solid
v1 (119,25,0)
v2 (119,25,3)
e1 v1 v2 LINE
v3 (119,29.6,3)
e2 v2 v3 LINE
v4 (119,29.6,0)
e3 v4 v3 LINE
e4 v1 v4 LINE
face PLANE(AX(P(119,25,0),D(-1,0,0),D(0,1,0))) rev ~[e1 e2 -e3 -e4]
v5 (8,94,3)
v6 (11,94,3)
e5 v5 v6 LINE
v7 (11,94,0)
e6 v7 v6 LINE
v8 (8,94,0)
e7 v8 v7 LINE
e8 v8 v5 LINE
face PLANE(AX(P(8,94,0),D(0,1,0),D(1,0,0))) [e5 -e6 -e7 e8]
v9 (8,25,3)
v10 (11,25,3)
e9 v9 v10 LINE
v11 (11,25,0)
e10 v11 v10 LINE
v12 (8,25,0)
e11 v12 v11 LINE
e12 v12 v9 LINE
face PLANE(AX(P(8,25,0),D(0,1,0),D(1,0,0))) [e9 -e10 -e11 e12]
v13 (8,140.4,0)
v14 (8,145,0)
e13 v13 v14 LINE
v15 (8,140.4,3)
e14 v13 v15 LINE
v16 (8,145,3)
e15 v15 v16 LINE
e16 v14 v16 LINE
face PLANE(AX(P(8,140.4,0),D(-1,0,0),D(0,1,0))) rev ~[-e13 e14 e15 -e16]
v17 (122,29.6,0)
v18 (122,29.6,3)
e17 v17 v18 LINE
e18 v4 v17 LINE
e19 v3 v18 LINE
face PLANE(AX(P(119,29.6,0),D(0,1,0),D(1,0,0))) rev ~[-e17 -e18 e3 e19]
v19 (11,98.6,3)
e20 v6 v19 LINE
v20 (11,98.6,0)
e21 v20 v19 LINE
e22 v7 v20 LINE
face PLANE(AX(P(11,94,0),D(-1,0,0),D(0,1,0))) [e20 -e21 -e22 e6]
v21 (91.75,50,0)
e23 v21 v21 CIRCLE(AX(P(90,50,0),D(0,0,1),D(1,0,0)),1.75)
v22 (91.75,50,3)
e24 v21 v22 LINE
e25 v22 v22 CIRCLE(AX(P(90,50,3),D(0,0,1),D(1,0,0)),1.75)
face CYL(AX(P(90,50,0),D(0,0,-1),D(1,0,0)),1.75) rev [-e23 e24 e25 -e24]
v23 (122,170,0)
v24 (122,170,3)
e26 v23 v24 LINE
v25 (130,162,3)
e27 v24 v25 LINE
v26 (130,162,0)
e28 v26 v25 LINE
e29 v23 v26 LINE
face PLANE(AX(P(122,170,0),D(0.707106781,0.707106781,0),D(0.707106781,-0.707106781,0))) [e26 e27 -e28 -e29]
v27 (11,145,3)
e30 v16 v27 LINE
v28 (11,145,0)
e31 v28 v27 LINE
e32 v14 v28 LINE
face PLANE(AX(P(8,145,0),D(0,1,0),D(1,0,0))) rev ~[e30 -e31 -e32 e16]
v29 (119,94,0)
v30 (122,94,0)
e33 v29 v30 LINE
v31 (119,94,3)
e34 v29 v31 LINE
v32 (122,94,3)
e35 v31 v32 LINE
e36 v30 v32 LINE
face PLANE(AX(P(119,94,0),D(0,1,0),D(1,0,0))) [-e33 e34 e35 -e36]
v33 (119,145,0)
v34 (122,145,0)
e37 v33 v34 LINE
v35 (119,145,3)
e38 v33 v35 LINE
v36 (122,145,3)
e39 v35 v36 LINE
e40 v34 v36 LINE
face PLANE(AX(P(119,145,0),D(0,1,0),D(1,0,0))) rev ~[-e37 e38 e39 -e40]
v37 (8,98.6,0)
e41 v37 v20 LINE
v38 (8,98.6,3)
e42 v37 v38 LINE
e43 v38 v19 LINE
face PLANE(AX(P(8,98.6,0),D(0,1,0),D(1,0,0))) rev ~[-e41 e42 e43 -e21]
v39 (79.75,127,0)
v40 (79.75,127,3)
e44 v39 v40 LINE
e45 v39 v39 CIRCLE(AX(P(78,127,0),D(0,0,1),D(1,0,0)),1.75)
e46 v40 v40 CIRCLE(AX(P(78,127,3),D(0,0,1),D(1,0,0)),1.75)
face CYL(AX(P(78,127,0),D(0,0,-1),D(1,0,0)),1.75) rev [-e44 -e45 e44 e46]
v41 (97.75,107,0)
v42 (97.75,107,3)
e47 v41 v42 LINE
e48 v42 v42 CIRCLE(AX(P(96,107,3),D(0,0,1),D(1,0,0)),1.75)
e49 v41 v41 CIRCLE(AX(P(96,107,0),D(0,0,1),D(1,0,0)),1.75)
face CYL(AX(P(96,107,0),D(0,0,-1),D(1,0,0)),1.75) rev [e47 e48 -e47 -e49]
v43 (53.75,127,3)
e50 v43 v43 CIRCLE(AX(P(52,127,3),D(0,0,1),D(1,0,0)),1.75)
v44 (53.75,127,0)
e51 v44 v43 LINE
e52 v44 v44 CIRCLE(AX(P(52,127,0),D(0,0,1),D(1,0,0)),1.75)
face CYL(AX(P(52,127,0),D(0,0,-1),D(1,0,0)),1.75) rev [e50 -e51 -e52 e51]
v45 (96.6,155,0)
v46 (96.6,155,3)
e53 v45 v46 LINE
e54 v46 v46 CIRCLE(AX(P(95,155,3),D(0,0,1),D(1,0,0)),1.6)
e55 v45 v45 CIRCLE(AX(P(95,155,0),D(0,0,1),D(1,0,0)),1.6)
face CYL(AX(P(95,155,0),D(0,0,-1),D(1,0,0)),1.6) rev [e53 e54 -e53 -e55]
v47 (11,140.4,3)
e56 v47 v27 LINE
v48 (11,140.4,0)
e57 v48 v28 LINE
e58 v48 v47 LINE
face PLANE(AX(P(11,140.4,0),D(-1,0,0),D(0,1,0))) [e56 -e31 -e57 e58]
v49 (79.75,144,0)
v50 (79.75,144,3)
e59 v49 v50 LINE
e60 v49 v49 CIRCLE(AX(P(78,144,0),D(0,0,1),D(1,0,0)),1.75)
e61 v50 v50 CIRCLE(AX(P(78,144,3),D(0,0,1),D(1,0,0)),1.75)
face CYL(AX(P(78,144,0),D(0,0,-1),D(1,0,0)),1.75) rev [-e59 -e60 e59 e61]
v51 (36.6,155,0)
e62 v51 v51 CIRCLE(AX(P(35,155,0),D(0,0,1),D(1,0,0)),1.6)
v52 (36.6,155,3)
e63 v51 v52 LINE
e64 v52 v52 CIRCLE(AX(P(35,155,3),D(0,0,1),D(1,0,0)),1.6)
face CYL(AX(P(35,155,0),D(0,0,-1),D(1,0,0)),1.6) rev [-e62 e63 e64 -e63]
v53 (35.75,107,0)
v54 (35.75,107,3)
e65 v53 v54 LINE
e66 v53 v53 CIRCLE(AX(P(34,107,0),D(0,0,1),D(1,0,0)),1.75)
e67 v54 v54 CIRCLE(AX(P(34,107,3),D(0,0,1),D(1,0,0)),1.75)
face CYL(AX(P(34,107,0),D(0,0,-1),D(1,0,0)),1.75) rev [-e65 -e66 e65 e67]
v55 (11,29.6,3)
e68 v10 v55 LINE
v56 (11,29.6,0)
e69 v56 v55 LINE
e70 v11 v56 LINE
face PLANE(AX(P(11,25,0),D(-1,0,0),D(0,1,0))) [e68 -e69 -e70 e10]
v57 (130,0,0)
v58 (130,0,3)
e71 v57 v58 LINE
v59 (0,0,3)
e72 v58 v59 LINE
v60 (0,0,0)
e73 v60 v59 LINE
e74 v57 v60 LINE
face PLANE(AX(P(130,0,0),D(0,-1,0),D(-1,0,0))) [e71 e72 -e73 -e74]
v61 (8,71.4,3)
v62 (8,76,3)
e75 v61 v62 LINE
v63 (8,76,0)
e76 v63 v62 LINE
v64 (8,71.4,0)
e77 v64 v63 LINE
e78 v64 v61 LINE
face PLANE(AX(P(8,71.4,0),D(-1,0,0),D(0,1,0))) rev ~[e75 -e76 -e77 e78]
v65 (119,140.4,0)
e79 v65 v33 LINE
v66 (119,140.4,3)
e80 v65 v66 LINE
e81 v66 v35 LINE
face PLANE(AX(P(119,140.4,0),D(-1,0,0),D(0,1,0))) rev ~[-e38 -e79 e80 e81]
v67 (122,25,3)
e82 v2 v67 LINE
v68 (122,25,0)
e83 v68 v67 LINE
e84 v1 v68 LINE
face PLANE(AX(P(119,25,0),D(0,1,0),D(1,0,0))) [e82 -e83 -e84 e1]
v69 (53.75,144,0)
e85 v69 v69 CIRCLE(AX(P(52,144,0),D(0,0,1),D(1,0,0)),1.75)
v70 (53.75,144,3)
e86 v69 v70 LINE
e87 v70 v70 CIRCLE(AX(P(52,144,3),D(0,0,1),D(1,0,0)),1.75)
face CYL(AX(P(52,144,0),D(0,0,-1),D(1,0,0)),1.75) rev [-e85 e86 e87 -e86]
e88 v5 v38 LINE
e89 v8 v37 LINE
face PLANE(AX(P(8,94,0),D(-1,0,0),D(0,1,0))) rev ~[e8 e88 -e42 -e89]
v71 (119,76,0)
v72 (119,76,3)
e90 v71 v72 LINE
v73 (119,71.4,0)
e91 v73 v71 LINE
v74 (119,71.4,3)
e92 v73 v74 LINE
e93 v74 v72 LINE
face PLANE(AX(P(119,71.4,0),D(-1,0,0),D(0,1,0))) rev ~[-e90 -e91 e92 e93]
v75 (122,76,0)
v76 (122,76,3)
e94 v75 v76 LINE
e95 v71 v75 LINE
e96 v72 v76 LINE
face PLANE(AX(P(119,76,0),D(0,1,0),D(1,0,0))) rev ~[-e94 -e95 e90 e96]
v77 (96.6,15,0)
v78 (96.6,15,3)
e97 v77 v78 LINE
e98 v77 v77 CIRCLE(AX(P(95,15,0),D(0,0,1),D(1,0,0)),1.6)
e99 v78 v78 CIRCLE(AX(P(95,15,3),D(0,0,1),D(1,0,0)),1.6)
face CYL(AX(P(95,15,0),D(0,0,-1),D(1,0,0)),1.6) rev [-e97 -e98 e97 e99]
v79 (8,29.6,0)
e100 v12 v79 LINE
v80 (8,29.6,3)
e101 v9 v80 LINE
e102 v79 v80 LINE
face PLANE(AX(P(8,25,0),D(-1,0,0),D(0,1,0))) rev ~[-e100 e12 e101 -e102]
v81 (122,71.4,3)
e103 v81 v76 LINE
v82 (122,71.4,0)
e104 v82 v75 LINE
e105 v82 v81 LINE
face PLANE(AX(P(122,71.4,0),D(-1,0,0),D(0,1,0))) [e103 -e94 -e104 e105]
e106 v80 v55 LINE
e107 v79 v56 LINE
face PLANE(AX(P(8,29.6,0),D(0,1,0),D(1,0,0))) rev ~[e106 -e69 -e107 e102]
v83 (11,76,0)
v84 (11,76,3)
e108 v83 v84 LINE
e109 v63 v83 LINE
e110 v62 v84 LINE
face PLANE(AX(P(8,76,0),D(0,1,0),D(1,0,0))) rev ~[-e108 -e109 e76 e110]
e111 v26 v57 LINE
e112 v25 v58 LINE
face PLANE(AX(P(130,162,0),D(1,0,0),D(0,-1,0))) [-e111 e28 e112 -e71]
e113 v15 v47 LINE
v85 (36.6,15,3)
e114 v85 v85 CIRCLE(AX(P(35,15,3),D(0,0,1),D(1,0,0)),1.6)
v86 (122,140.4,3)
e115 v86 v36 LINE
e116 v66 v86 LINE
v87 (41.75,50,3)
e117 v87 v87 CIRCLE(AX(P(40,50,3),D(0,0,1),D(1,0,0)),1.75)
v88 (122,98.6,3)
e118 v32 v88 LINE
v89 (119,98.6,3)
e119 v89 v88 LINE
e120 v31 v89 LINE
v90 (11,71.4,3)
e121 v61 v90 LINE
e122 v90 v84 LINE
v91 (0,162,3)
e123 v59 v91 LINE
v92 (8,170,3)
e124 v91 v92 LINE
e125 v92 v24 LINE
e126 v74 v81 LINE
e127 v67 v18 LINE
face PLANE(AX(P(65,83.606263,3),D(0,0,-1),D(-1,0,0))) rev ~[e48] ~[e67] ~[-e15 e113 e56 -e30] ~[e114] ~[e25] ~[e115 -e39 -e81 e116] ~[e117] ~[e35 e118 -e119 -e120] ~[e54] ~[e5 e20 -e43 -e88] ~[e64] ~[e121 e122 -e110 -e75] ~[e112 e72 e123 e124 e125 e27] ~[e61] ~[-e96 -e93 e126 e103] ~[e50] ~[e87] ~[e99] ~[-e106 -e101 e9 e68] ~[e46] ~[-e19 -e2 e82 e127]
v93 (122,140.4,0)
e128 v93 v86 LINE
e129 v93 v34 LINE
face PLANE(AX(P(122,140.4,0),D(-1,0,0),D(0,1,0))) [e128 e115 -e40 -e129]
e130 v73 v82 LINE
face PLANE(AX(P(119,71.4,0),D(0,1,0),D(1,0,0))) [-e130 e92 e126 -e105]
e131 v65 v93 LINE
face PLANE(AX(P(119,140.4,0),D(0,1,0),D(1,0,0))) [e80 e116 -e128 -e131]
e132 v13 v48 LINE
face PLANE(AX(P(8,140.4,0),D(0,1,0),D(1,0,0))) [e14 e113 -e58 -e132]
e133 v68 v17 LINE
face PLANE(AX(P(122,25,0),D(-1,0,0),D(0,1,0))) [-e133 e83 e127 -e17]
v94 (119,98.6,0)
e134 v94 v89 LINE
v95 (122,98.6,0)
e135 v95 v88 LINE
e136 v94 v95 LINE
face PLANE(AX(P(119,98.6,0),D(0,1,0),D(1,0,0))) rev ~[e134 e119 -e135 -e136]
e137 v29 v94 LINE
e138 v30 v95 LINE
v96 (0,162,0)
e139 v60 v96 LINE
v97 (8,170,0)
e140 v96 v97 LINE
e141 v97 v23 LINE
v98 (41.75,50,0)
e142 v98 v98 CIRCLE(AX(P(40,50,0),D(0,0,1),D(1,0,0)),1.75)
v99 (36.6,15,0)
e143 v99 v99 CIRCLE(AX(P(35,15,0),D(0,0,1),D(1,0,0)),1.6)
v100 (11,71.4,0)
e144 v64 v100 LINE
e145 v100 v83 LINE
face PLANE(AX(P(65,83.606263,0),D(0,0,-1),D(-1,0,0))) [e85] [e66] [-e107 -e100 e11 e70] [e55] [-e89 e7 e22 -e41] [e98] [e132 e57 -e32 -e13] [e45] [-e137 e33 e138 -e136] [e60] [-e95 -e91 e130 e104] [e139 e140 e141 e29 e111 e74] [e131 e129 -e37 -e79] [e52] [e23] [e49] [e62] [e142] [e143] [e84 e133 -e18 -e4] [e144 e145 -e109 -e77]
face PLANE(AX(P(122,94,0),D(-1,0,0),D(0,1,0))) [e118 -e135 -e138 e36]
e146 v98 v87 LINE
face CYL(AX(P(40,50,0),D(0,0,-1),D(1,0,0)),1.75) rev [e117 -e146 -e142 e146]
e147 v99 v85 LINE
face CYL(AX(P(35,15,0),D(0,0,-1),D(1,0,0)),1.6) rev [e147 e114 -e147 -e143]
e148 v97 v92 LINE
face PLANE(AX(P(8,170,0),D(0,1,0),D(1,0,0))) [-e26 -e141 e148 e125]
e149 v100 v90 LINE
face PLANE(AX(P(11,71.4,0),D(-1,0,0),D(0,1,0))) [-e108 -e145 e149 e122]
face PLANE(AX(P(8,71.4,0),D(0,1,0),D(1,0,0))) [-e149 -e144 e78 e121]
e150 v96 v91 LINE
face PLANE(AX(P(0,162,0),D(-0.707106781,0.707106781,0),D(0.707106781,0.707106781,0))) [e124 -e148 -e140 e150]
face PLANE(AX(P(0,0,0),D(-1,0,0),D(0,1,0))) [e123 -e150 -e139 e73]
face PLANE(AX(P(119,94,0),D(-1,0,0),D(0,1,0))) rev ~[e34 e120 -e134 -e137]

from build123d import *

# Parameters (mm, degrees)
SKETCH_1_R      = 1.6
SKETCH_1_R_2    = 1.75
SKETCH_1_W      = 3
SKETCH_1_H      = 4.6
EXTRUDE_1_DEPTH = 3


with BuildPart() as part:
    # ｽｹｯﾁ1 → ﾎﾞｽ - 押し出し1 (new body)
    with BuildSketch(Plane.XY):
        Polygon((0, 162), (8, 170), (122, 170), (130, 162), (130, 0), (0, 0), align=None)
        with Locations((35, 155)):
            Circle(SKETCH_1_R, mode=Mode.SUBTRACT)
        with Locations((95, 155)):
            Circle(SKETCH_1_R, mode=Mode.SUBTRACT)
        with Locations((35, 15)):
            Circle(SKETCH_1_R, mode=Mode.SUBTRACT)
        with Locations((95, 15)):
            Circle(SKETCH_1_R, mode=Mode.SUBTRACT)
        with Locations((34, 107)):
            Circle(SKETCH_1_R_2, mode=Mode.SUBTRACT)
        with Locations((96, 107)):
            Circle(SKETCH_1_R_2, mode=Mode.SUBTRACT)
        with Locations((40, 50)):
            Circle(SKETCH_1_R_2, mode=Mode.SUBTRACT)
        with Locations((90, 50)):
            Circle(SKETCH_1_R_2, mode=Mode.SUBTRACT)
        with Locations((52, 144)):
            Circle(SKETCH_1_R_2, mode=Mode.SUBTRACT)
        with Locations((78, 144)):
            Circle(SKETCH_1_R_2, mode=Mode.SUBTRACT)
        with Locations((52, 127)):
            Circle(SKETCH_1_R_2, mode=Mode.SUBTRACT)
        with Locations((78, 127)):
            Circle(SKETCH_1_R_2, mode=Mode.SUBTRACT)
        with Locations((9.5, 142.7)):
            Rectangle(SKETCH_1_W, SKETCH_1_H, mode=Mode.SUBTRACT)
        with Locations((120.5, 142.7)):
            Rectangle(SKETCH_1_W, SKETCH_1_H, mode=Mode.SUBTRACT)
        with Locations((9.5, 27.3)):
            Rectangle(SKETCH_1_W, SKETCH_1_H, mode=Mode.SUBTRACT)
        with Locations((120.5, 27.3)):
            Rectangle(SKETCH_1_W, SKETCH_1_H, mode=Mode.SUBTRACT)
        with Locations((9.5, 96.3)):
            Rectangle(SKETCH_1_W, SKETCH_1_H, mode=Mode.SUBTRACT)
        with Locations((120.5, 96.3)):
            Rectangle(SKETCH_1_W, SKETCH_1_H, mode=Mode.SUBTRACT)
        with Locations((9.5, 73.7)):
            Rectangle(SKETCH_1_W, SKETCH_1_H, mode=Mode.SUBTRACT)
        with Locations((120.5, 73.7)):
            Rectangle(SKETCH_1_W, SKETCH_1_H, mode=Mode.SUBTRACT)
    extrude(amount=EXTRUDE_1_DEPTH)


solid = part.part
